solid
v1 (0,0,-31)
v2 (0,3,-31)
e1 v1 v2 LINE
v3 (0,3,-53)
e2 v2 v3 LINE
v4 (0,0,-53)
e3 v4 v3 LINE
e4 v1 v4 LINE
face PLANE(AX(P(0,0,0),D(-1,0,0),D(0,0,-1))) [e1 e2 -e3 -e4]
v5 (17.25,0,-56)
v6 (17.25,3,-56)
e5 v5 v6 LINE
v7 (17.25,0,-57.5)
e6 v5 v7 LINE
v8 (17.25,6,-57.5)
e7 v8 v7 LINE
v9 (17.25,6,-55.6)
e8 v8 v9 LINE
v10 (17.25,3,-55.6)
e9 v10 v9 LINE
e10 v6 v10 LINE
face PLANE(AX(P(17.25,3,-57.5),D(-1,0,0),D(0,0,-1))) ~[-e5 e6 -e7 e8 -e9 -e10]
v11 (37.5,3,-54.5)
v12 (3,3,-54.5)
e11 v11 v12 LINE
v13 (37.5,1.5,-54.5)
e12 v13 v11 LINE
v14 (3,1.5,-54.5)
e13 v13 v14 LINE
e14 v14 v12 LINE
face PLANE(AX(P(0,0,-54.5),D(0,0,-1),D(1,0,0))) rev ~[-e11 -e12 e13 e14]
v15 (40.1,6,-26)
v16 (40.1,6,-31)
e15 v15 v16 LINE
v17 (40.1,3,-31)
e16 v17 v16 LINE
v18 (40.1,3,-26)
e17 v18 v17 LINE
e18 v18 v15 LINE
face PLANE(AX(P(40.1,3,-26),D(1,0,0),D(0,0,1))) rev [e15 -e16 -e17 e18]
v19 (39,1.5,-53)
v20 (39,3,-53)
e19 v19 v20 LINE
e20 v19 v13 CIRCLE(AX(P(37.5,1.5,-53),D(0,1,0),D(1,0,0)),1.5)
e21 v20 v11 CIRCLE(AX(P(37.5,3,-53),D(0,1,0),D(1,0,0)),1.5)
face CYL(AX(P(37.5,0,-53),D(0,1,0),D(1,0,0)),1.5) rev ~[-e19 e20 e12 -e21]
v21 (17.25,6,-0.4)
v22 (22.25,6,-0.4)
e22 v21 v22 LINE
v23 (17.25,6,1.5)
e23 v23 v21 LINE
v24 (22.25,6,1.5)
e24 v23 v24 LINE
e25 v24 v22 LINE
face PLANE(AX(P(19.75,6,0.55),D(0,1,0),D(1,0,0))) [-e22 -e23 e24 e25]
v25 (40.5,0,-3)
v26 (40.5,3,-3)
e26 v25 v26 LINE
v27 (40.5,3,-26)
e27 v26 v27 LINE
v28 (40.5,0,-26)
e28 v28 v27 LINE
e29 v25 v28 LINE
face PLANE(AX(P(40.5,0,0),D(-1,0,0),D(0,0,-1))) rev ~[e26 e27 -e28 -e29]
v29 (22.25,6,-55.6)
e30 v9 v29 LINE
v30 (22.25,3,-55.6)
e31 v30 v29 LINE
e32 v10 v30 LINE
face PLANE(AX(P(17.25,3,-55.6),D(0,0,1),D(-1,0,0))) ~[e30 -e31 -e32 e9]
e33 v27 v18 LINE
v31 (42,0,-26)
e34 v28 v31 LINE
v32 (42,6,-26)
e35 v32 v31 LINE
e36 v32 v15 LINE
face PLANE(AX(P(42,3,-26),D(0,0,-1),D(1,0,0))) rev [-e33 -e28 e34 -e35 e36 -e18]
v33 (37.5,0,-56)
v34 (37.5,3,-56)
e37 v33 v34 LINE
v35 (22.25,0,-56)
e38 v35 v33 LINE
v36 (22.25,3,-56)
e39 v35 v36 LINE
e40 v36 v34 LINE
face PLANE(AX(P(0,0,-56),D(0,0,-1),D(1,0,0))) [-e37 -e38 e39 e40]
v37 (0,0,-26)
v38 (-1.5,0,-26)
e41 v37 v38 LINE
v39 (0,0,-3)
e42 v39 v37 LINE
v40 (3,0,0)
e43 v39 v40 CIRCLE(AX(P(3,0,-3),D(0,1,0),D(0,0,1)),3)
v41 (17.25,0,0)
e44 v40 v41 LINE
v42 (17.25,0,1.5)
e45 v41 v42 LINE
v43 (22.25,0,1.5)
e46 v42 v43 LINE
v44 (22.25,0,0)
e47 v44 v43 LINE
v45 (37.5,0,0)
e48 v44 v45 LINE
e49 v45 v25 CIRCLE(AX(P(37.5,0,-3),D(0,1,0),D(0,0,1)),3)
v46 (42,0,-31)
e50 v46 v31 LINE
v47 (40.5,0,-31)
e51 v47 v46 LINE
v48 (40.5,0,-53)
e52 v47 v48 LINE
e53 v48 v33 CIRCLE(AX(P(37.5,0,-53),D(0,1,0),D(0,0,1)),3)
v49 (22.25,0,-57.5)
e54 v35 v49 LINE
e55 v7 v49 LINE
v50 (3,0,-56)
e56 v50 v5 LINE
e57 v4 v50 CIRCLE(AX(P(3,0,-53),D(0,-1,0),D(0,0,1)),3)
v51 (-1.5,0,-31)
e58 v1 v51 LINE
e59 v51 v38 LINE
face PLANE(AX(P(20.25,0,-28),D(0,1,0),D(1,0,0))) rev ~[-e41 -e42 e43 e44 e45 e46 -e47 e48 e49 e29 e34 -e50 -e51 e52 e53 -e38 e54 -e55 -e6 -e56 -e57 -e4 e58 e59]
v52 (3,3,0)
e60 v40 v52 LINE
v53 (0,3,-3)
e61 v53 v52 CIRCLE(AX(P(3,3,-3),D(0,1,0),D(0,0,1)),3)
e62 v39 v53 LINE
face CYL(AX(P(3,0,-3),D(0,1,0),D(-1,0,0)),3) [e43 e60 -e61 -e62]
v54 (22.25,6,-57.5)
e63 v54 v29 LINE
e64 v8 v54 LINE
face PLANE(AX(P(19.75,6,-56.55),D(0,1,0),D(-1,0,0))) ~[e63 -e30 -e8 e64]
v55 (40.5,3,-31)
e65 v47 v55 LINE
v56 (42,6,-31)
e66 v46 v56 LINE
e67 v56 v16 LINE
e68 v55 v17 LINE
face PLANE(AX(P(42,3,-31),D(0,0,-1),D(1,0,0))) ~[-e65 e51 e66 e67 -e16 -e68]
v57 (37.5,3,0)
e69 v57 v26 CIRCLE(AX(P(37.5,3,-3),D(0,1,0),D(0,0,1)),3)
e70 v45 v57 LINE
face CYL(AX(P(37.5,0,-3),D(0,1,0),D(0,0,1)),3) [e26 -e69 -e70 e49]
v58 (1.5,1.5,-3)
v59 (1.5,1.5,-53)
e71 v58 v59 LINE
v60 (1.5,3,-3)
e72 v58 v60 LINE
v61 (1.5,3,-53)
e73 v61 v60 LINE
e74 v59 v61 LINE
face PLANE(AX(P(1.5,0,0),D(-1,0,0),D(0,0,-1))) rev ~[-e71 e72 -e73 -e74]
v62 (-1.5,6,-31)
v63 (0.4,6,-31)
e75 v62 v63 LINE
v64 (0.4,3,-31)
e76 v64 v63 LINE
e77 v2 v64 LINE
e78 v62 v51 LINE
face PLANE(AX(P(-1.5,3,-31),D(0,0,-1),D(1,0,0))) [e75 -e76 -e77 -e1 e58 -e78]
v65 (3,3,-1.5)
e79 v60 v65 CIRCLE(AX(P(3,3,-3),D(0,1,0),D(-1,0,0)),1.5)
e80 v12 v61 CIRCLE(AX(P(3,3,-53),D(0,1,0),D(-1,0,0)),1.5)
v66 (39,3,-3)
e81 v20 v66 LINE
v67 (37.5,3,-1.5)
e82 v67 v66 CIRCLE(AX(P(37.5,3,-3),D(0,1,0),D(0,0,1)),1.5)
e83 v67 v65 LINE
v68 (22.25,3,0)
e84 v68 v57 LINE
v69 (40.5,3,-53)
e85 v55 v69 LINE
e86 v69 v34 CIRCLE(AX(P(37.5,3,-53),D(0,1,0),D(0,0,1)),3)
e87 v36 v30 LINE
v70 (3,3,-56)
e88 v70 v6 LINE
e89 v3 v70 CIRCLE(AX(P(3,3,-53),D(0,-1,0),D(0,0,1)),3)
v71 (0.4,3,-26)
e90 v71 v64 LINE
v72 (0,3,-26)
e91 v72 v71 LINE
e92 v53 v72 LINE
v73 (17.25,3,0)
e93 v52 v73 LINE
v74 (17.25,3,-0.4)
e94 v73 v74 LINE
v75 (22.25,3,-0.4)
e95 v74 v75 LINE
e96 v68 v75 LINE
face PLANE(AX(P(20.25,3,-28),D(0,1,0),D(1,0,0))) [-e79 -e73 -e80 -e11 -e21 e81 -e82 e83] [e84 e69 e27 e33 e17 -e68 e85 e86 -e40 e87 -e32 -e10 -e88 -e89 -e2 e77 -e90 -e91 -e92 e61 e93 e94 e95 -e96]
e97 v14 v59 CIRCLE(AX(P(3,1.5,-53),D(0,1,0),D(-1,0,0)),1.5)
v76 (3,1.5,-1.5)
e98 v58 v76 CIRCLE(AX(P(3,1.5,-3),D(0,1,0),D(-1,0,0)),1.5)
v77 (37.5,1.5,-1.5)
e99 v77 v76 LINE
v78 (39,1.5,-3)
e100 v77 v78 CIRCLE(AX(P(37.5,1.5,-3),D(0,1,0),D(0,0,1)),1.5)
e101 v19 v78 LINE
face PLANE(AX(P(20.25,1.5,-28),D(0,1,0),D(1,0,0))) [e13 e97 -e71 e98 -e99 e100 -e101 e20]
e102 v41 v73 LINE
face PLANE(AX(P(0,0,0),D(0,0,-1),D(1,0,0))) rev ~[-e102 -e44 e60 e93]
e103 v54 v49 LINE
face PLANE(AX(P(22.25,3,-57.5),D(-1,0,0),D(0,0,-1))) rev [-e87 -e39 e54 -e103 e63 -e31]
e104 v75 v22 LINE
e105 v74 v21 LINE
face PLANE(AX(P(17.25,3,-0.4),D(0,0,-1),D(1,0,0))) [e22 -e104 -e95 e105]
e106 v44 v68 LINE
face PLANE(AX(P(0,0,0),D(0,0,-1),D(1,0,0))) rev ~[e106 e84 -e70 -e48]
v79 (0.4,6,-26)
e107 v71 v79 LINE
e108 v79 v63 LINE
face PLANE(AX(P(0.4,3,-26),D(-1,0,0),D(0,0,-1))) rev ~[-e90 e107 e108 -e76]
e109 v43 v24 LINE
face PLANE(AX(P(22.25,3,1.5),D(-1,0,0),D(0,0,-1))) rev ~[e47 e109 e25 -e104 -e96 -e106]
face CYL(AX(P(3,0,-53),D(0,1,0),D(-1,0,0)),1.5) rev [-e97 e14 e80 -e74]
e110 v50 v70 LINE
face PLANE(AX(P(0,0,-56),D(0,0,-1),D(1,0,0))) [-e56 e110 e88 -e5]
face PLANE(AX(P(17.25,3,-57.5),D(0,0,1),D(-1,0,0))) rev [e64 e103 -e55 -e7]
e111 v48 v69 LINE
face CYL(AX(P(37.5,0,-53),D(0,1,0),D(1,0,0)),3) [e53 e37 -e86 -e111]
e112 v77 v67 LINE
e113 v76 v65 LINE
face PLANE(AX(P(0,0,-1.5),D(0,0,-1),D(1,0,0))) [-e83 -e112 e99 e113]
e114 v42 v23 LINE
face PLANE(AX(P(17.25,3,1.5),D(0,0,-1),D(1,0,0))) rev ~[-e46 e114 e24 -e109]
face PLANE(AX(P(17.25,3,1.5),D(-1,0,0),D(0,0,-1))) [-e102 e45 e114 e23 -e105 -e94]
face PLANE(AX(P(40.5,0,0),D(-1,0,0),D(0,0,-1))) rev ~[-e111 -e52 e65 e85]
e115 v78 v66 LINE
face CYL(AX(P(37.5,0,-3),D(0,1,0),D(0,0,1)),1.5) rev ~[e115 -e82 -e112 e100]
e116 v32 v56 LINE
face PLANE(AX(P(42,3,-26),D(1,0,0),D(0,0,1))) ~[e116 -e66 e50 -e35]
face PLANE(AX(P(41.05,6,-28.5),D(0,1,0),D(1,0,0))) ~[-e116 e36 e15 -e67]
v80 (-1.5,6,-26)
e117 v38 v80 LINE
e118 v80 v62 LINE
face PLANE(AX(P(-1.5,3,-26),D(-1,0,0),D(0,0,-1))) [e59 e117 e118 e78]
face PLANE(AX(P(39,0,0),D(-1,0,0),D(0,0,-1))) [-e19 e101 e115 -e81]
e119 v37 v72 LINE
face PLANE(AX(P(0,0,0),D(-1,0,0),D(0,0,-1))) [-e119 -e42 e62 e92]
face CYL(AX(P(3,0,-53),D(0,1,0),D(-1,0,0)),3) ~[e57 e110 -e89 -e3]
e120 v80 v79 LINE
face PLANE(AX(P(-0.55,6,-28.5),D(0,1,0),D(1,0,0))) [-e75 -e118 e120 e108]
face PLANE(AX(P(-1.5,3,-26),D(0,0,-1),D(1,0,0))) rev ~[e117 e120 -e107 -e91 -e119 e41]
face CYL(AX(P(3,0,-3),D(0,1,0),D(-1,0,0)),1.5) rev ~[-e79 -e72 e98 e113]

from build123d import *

# Parameters (mm, degrees)
SKETCH1_W           = 40.5
SKETCH1_H           = 56
BOSS_EXTRUDE1_DEPTH = 3
FILLET1_R           = 3
SHELL1_T            = -1.5
SKETCH2_W           = 5
SKETCH2_H           = 3
BOSS_EXTRUDE2_DEPTH = 1.5
SKETCH3_W           = 1.9
SKETCH3_H           = 5
BOSS_EXTRUDE3_DEPTH = 3
SKETCH8_W           = 5
SKETCH8_H           = 3
BOSS_EXTRUDE5_DEPTH = 1.5
SKETCH9_W           = 5
SKETCH9_H           = 1.9
BOSS_EXTRUDE6_DEPTH = 3


with BuildPart() as part:
    # Sketch1 → Boss-Extrude1 (new body)
    with BuildSketch(Plane(origin=(0, 0, 0), x_dir=(1, 0, 0), z_dir=(0, 1, 0))):
        with Locations((20.25, 28)):
            Rectangle(SKETCH1_W, SKETCH1_H)
    extrude(amount=BOSS_EXTRUDE1_DEPTH)

    # Fillet1
    fillet1_edges = [part.edges().sort_by_distance(p)[0] for p in [
        (0, 1.5, -56),
        (40.5, 1.5, -56),
        (40.5, 1.5, 0),
        (0, 1.5, 0),
    ]]
    fillet(fillet1_edges, radius=FILLET1_R)

    # Shell1
    shell1_openings = [part.faces().sort_by_distance(p)[0] for p in [
        (20.25, 3, -28),
    ]]
    offset(amount=SHELL1_T, openings=shell1_openings, kind=Kind.INTERSECTION)

    # Sketch2 → Boss-Extrude2 (add)
    with BuildSketch(Plane.ZY):
        with Locations((-28.5, 1.5)):
            Rectangle(SKETCH2_W, SKETCH2_H)
    boss_extrude2 = extrude(amount=BOSS_EXTRUDE2_DEPTH)

    # Sketch3 → Boss-Extrude3 (add)
    with BuildSketch(Plane(origin=(0, 3, 0), x_dir=(1, 0, 0), z_dir=(0, 1, 0))):
        with Locations((-0.55, 28.5)):
            Rectangle(SKETCH3_W, SKETCH3_H)
    boss_extrude3 = extrude(amount=BOSS_EXTRUDE3_DEPTH)

    # Sketch8 → Boss-Extrude5 (add)
    with BuildSketch(Plane.XY):
        with Locations((19.75, 1.5)):
            Rectangle(SKETCH8_W, SKETCH8_H)
    boss_extrude5 = extrude(amount=BOSS_EXTRUDE5_DEPTH)

    # Sketch9 → Boss-Extrude6 (add)
    with BuildSketch(Plane(origin=(0, 3, 0), x_dir=(1, 0, 0), z_dir=(0, 1, 0))):
        with Locations((19.75, -0.55)):
            Rectangle(SKETCH9_W, SKETCH9_H)
    boss_extrude6 = extrude(amount=BOSS_EXTRUDE6_DEPTH)

    # Mirror3: Boss-Extrude2, Boss-Extrude3 across plane
    add(boss_extrude2.mirror(Plane(origin=(20.25, 0, 0), x_dir=(0, 0, 1), z_dir=(1, 0, 0))))
    add(boss_extrude3.mirror(Plane(origin=(20.25, 0, 0), x_dir=(0, 0, 1), z_dir=(1, 0, 0))))

    # Mirror4: Boss-Extrude5, Boss-Extrude6 across plane
    add(boss_extrude5.mirror(Plane(origin=(0, 0, -28), x_dir=(1, 0, 0), z_dir=(0, 0, -1))))
    add(boss_extrude6.mirror(Plane(origin=(0, 0, -28), x_dir=(1, 0, 0), z_dir=(0, 0, -1))))


solid = part.part
